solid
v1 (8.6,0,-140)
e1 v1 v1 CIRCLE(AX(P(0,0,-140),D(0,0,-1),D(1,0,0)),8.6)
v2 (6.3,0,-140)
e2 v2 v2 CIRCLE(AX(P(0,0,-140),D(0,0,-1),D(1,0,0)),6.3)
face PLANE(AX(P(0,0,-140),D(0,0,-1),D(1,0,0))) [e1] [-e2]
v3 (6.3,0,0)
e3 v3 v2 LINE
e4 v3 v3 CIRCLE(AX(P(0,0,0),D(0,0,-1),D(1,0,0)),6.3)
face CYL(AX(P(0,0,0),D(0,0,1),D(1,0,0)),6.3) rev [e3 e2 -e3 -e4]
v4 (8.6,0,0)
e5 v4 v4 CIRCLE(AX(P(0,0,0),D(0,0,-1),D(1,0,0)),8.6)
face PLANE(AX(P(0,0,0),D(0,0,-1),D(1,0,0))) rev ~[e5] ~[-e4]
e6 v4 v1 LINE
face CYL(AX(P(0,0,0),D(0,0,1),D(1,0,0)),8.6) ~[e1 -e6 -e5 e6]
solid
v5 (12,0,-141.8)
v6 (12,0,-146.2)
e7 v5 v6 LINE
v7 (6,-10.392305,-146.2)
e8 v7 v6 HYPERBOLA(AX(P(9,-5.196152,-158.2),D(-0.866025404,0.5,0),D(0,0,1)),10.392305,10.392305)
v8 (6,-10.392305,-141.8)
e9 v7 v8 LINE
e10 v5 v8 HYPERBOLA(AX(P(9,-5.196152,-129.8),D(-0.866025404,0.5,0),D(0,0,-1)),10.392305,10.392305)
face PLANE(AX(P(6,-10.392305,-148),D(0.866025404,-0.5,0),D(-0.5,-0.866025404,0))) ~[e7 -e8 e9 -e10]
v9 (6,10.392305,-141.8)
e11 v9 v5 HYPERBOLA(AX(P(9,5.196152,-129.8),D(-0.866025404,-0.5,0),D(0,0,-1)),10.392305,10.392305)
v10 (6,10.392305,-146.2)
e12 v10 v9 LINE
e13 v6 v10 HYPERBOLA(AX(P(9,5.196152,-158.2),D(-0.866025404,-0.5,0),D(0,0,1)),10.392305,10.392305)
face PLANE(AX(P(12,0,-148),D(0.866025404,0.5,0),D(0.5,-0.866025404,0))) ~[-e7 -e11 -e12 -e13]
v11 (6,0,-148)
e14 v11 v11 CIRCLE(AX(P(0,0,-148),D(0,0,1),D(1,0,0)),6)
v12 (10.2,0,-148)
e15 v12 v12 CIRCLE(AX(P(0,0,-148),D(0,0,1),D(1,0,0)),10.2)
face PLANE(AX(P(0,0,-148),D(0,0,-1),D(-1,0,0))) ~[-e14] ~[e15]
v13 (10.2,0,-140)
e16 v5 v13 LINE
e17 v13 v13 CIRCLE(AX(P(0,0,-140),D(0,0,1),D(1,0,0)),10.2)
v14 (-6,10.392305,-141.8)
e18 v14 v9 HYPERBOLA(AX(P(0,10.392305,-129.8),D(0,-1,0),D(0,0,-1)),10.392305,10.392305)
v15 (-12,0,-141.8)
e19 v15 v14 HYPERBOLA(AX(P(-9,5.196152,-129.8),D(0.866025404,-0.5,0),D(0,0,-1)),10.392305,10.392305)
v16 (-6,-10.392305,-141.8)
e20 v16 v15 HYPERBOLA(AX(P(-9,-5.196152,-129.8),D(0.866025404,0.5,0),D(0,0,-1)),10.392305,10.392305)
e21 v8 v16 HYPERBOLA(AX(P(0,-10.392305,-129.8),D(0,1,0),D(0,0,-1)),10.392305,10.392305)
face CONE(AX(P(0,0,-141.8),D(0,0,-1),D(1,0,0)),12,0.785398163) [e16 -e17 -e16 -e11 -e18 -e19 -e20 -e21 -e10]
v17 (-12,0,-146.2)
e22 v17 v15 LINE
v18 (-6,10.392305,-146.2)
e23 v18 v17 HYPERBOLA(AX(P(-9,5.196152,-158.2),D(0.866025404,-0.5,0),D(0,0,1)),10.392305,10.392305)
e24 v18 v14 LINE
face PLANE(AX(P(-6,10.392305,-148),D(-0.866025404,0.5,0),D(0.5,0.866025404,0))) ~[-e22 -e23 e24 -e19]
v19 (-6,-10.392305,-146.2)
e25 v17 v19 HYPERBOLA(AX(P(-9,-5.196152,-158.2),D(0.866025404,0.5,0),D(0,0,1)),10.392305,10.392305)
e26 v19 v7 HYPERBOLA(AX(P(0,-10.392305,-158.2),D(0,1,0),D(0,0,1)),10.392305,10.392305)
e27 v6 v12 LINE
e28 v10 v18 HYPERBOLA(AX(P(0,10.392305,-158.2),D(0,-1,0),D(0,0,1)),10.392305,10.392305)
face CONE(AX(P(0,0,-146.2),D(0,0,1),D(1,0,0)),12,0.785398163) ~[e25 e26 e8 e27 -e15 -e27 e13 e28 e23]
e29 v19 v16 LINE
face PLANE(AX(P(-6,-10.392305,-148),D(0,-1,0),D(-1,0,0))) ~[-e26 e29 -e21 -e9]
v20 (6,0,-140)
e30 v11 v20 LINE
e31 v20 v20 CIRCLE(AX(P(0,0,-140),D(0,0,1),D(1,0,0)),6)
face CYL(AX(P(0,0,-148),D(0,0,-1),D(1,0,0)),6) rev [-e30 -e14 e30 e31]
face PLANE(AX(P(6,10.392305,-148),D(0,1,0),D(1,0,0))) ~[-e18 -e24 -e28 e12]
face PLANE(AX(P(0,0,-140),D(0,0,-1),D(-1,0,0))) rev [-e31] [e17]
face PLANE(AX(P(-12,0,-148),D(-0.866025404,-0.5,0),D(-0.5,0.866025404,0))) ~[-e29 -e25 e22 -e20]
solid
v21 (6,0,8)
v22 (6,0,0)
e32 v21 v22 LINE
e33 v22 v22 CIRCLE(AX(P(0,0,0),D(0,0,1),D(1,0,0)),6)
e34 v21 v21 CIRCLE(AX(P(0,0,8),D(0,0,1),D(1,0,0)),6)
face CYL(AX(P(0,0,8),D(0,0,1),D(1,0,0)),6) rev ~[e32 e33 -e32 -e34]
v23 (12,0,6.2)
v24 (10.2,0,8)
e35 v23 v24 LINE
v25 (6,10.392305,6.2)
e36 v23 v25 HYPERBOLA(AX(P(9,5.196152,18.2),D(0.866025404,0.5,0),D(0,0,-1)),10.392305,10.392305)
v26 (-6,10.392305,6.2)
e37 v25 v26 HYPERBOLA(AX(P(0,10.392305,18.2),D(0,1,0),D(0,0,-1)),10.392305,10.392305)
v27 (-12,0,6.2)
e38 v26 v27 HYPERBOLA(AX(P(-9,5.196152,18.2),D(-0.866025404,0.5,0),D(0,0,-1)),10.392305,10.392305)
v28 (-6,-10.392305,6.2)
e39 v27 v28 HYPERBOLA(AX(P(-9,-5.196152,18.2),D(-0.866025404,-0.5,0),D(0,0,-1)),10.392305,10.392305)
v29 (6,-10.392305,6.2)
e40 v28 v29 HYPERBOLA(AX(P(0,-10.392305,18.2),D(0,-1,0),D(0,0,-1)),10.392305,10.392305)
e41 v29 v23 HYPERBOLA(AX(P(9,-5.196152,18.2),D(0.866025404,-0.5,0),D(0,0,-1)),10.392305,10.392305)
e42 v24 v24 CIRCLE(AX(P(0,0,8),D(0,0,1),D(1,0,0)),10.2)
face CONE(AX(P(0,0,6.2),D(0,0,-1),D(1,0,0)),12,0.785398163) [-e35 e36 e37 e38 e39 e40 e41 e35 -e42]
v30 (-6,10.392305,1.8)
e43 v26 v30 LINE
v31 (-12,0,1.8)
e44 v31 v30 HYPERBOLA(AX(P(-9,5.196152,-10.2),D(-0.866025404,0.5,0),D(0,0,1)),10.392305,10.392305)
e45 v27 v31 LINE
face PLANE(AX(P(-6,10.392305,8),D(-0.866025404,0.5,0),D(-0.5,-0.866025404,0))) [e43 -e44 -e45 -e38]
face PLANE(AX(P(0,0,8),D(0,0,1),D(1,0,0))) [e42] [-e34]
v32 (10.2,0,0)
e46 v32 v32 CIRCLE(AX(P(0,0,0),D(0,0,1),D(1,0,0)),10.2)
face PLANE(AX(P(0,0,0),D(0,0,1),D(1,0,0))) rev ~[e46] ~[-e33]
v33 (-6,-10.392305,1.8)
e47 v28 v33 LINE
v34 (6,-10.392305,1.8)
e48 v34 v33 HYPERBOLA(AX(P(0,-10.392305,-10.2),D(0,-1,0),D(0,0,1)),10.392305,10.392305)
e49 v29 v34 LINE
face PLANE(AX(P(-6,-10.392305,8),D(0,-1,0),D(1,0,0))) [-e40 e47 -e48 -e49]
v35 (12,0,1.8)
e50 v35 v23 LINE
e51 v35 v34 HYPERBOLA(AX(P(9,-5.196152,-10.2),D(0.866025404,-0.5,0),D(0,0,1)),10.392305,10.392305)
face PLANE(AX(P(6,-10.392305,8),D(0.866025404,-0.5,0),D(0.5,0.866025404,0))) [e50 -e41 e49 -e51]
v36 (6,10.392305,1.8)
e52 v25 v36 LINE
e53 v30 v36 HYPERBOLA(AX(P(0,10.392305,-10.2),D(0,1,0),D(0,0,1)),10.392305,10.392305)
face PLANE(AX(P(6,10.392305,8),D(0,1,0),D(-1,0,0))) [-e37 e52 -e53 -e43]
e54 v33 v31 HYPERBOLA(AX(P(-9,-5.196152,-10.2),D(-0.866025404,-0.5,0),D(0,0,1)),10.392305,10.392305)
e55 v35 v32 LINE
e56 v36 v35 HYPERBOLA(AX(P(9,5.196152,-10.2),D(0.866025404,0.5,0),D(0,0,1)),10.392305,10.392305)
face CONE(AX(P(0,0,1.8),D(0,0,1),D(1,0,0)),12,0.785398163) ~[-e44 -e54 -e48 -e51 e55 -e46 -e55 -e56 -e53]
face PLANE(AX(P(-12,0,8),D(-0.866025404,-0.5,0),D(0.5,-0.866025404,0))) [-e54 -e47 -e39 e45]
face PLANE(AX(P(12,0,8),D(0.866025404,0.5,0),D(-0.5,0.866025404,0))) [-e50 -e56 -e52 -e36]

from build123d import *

# Parameters (mm, degrees)
SKETCH1_R                                    = 8.6
SKETCH1_R_2                                  = 6.3
CIRCULAR_HOLLOW_SECTION_C250_AS_17_2X2_DEPTH = 140
SKETCH2_R                                    = 12
BOSS_EXTRUDE1_DEPTH                          = 8
CHAMFER1_SIZE                                = 1.8
SKETCH3_R                                    = 6
CUT_EXTRUDE1_DEPTH                           = 16


with BuildPart() as part:
    # Sketch1 → Circular hollow section (c250) as 17.2X2.3 CHS C250(1) (new body)
    with BuildSketch(Plane(origin=(0, 0, 0), x_dir=(1, 0, 0), z_dir=(0, 0, -1))):
        Circle(SKETCH1_R)
        Circle(SKETCH1_R_2, mode=Mode.SUBTRACT)
    extrude(amount=CIRCULAR_HOLLOW_SECTION_C250_AS_17_2X2_DEPTH)


with BuildPart() as body_2:
    # Sketch2 → Boss-Extrude1 (new body)
    with BuildSketch(Plane.XY):
        Circle(SKETCH2_R)
    extrude(amount=BOSS_EXTRUDE1_DEPTH)

    # Chamfer1
    chamfer1_edges = [body_2.edges().sort_by_distance(p)[0] for p in [
        (-12, 0, 0),
        (-12, 0, 8),
    ]]
    chamfer(chamfer1_edges, length=CHAMFER1_SIZE)

    # Sketch3 → Cut-Extrude1 (cut)
    # profile 1 of 2: a face of its own
    with BuildSketch(Plane.XY.offset(8)):
        Polygon((14.309401077, 0), (7.154700538, 12.392304845), (-7.154700538, 12.392304845), (-14.309401077, 0), (-7.154700538, -12.392304845), (7.154700538, -12.392304845), align=None)
        Polygon((6, -10.392304845), (12, 0), (6, 10.392304845), (-6, 10.392304845), (-12, 0), (-6, -10.392304845), align=None, mode=Mode.SUBTRACT)
    # profile 2 of 2: a face of its own
    with BuildSketch(Plane.XY.offset(8)):
        Circle(SKETCH3_R)
    extrude(amount=-CUT_EXTRUDE1_DEPTH, mode=Mode.SUBTRACT)


with BuildPart() as body_3:
    # Mirror1: mirrored copy
    add(body_2.part.mirror(Plane.XY.offset(-70)))


solid = Compound([part.part, body_2.part, body_3.part])
